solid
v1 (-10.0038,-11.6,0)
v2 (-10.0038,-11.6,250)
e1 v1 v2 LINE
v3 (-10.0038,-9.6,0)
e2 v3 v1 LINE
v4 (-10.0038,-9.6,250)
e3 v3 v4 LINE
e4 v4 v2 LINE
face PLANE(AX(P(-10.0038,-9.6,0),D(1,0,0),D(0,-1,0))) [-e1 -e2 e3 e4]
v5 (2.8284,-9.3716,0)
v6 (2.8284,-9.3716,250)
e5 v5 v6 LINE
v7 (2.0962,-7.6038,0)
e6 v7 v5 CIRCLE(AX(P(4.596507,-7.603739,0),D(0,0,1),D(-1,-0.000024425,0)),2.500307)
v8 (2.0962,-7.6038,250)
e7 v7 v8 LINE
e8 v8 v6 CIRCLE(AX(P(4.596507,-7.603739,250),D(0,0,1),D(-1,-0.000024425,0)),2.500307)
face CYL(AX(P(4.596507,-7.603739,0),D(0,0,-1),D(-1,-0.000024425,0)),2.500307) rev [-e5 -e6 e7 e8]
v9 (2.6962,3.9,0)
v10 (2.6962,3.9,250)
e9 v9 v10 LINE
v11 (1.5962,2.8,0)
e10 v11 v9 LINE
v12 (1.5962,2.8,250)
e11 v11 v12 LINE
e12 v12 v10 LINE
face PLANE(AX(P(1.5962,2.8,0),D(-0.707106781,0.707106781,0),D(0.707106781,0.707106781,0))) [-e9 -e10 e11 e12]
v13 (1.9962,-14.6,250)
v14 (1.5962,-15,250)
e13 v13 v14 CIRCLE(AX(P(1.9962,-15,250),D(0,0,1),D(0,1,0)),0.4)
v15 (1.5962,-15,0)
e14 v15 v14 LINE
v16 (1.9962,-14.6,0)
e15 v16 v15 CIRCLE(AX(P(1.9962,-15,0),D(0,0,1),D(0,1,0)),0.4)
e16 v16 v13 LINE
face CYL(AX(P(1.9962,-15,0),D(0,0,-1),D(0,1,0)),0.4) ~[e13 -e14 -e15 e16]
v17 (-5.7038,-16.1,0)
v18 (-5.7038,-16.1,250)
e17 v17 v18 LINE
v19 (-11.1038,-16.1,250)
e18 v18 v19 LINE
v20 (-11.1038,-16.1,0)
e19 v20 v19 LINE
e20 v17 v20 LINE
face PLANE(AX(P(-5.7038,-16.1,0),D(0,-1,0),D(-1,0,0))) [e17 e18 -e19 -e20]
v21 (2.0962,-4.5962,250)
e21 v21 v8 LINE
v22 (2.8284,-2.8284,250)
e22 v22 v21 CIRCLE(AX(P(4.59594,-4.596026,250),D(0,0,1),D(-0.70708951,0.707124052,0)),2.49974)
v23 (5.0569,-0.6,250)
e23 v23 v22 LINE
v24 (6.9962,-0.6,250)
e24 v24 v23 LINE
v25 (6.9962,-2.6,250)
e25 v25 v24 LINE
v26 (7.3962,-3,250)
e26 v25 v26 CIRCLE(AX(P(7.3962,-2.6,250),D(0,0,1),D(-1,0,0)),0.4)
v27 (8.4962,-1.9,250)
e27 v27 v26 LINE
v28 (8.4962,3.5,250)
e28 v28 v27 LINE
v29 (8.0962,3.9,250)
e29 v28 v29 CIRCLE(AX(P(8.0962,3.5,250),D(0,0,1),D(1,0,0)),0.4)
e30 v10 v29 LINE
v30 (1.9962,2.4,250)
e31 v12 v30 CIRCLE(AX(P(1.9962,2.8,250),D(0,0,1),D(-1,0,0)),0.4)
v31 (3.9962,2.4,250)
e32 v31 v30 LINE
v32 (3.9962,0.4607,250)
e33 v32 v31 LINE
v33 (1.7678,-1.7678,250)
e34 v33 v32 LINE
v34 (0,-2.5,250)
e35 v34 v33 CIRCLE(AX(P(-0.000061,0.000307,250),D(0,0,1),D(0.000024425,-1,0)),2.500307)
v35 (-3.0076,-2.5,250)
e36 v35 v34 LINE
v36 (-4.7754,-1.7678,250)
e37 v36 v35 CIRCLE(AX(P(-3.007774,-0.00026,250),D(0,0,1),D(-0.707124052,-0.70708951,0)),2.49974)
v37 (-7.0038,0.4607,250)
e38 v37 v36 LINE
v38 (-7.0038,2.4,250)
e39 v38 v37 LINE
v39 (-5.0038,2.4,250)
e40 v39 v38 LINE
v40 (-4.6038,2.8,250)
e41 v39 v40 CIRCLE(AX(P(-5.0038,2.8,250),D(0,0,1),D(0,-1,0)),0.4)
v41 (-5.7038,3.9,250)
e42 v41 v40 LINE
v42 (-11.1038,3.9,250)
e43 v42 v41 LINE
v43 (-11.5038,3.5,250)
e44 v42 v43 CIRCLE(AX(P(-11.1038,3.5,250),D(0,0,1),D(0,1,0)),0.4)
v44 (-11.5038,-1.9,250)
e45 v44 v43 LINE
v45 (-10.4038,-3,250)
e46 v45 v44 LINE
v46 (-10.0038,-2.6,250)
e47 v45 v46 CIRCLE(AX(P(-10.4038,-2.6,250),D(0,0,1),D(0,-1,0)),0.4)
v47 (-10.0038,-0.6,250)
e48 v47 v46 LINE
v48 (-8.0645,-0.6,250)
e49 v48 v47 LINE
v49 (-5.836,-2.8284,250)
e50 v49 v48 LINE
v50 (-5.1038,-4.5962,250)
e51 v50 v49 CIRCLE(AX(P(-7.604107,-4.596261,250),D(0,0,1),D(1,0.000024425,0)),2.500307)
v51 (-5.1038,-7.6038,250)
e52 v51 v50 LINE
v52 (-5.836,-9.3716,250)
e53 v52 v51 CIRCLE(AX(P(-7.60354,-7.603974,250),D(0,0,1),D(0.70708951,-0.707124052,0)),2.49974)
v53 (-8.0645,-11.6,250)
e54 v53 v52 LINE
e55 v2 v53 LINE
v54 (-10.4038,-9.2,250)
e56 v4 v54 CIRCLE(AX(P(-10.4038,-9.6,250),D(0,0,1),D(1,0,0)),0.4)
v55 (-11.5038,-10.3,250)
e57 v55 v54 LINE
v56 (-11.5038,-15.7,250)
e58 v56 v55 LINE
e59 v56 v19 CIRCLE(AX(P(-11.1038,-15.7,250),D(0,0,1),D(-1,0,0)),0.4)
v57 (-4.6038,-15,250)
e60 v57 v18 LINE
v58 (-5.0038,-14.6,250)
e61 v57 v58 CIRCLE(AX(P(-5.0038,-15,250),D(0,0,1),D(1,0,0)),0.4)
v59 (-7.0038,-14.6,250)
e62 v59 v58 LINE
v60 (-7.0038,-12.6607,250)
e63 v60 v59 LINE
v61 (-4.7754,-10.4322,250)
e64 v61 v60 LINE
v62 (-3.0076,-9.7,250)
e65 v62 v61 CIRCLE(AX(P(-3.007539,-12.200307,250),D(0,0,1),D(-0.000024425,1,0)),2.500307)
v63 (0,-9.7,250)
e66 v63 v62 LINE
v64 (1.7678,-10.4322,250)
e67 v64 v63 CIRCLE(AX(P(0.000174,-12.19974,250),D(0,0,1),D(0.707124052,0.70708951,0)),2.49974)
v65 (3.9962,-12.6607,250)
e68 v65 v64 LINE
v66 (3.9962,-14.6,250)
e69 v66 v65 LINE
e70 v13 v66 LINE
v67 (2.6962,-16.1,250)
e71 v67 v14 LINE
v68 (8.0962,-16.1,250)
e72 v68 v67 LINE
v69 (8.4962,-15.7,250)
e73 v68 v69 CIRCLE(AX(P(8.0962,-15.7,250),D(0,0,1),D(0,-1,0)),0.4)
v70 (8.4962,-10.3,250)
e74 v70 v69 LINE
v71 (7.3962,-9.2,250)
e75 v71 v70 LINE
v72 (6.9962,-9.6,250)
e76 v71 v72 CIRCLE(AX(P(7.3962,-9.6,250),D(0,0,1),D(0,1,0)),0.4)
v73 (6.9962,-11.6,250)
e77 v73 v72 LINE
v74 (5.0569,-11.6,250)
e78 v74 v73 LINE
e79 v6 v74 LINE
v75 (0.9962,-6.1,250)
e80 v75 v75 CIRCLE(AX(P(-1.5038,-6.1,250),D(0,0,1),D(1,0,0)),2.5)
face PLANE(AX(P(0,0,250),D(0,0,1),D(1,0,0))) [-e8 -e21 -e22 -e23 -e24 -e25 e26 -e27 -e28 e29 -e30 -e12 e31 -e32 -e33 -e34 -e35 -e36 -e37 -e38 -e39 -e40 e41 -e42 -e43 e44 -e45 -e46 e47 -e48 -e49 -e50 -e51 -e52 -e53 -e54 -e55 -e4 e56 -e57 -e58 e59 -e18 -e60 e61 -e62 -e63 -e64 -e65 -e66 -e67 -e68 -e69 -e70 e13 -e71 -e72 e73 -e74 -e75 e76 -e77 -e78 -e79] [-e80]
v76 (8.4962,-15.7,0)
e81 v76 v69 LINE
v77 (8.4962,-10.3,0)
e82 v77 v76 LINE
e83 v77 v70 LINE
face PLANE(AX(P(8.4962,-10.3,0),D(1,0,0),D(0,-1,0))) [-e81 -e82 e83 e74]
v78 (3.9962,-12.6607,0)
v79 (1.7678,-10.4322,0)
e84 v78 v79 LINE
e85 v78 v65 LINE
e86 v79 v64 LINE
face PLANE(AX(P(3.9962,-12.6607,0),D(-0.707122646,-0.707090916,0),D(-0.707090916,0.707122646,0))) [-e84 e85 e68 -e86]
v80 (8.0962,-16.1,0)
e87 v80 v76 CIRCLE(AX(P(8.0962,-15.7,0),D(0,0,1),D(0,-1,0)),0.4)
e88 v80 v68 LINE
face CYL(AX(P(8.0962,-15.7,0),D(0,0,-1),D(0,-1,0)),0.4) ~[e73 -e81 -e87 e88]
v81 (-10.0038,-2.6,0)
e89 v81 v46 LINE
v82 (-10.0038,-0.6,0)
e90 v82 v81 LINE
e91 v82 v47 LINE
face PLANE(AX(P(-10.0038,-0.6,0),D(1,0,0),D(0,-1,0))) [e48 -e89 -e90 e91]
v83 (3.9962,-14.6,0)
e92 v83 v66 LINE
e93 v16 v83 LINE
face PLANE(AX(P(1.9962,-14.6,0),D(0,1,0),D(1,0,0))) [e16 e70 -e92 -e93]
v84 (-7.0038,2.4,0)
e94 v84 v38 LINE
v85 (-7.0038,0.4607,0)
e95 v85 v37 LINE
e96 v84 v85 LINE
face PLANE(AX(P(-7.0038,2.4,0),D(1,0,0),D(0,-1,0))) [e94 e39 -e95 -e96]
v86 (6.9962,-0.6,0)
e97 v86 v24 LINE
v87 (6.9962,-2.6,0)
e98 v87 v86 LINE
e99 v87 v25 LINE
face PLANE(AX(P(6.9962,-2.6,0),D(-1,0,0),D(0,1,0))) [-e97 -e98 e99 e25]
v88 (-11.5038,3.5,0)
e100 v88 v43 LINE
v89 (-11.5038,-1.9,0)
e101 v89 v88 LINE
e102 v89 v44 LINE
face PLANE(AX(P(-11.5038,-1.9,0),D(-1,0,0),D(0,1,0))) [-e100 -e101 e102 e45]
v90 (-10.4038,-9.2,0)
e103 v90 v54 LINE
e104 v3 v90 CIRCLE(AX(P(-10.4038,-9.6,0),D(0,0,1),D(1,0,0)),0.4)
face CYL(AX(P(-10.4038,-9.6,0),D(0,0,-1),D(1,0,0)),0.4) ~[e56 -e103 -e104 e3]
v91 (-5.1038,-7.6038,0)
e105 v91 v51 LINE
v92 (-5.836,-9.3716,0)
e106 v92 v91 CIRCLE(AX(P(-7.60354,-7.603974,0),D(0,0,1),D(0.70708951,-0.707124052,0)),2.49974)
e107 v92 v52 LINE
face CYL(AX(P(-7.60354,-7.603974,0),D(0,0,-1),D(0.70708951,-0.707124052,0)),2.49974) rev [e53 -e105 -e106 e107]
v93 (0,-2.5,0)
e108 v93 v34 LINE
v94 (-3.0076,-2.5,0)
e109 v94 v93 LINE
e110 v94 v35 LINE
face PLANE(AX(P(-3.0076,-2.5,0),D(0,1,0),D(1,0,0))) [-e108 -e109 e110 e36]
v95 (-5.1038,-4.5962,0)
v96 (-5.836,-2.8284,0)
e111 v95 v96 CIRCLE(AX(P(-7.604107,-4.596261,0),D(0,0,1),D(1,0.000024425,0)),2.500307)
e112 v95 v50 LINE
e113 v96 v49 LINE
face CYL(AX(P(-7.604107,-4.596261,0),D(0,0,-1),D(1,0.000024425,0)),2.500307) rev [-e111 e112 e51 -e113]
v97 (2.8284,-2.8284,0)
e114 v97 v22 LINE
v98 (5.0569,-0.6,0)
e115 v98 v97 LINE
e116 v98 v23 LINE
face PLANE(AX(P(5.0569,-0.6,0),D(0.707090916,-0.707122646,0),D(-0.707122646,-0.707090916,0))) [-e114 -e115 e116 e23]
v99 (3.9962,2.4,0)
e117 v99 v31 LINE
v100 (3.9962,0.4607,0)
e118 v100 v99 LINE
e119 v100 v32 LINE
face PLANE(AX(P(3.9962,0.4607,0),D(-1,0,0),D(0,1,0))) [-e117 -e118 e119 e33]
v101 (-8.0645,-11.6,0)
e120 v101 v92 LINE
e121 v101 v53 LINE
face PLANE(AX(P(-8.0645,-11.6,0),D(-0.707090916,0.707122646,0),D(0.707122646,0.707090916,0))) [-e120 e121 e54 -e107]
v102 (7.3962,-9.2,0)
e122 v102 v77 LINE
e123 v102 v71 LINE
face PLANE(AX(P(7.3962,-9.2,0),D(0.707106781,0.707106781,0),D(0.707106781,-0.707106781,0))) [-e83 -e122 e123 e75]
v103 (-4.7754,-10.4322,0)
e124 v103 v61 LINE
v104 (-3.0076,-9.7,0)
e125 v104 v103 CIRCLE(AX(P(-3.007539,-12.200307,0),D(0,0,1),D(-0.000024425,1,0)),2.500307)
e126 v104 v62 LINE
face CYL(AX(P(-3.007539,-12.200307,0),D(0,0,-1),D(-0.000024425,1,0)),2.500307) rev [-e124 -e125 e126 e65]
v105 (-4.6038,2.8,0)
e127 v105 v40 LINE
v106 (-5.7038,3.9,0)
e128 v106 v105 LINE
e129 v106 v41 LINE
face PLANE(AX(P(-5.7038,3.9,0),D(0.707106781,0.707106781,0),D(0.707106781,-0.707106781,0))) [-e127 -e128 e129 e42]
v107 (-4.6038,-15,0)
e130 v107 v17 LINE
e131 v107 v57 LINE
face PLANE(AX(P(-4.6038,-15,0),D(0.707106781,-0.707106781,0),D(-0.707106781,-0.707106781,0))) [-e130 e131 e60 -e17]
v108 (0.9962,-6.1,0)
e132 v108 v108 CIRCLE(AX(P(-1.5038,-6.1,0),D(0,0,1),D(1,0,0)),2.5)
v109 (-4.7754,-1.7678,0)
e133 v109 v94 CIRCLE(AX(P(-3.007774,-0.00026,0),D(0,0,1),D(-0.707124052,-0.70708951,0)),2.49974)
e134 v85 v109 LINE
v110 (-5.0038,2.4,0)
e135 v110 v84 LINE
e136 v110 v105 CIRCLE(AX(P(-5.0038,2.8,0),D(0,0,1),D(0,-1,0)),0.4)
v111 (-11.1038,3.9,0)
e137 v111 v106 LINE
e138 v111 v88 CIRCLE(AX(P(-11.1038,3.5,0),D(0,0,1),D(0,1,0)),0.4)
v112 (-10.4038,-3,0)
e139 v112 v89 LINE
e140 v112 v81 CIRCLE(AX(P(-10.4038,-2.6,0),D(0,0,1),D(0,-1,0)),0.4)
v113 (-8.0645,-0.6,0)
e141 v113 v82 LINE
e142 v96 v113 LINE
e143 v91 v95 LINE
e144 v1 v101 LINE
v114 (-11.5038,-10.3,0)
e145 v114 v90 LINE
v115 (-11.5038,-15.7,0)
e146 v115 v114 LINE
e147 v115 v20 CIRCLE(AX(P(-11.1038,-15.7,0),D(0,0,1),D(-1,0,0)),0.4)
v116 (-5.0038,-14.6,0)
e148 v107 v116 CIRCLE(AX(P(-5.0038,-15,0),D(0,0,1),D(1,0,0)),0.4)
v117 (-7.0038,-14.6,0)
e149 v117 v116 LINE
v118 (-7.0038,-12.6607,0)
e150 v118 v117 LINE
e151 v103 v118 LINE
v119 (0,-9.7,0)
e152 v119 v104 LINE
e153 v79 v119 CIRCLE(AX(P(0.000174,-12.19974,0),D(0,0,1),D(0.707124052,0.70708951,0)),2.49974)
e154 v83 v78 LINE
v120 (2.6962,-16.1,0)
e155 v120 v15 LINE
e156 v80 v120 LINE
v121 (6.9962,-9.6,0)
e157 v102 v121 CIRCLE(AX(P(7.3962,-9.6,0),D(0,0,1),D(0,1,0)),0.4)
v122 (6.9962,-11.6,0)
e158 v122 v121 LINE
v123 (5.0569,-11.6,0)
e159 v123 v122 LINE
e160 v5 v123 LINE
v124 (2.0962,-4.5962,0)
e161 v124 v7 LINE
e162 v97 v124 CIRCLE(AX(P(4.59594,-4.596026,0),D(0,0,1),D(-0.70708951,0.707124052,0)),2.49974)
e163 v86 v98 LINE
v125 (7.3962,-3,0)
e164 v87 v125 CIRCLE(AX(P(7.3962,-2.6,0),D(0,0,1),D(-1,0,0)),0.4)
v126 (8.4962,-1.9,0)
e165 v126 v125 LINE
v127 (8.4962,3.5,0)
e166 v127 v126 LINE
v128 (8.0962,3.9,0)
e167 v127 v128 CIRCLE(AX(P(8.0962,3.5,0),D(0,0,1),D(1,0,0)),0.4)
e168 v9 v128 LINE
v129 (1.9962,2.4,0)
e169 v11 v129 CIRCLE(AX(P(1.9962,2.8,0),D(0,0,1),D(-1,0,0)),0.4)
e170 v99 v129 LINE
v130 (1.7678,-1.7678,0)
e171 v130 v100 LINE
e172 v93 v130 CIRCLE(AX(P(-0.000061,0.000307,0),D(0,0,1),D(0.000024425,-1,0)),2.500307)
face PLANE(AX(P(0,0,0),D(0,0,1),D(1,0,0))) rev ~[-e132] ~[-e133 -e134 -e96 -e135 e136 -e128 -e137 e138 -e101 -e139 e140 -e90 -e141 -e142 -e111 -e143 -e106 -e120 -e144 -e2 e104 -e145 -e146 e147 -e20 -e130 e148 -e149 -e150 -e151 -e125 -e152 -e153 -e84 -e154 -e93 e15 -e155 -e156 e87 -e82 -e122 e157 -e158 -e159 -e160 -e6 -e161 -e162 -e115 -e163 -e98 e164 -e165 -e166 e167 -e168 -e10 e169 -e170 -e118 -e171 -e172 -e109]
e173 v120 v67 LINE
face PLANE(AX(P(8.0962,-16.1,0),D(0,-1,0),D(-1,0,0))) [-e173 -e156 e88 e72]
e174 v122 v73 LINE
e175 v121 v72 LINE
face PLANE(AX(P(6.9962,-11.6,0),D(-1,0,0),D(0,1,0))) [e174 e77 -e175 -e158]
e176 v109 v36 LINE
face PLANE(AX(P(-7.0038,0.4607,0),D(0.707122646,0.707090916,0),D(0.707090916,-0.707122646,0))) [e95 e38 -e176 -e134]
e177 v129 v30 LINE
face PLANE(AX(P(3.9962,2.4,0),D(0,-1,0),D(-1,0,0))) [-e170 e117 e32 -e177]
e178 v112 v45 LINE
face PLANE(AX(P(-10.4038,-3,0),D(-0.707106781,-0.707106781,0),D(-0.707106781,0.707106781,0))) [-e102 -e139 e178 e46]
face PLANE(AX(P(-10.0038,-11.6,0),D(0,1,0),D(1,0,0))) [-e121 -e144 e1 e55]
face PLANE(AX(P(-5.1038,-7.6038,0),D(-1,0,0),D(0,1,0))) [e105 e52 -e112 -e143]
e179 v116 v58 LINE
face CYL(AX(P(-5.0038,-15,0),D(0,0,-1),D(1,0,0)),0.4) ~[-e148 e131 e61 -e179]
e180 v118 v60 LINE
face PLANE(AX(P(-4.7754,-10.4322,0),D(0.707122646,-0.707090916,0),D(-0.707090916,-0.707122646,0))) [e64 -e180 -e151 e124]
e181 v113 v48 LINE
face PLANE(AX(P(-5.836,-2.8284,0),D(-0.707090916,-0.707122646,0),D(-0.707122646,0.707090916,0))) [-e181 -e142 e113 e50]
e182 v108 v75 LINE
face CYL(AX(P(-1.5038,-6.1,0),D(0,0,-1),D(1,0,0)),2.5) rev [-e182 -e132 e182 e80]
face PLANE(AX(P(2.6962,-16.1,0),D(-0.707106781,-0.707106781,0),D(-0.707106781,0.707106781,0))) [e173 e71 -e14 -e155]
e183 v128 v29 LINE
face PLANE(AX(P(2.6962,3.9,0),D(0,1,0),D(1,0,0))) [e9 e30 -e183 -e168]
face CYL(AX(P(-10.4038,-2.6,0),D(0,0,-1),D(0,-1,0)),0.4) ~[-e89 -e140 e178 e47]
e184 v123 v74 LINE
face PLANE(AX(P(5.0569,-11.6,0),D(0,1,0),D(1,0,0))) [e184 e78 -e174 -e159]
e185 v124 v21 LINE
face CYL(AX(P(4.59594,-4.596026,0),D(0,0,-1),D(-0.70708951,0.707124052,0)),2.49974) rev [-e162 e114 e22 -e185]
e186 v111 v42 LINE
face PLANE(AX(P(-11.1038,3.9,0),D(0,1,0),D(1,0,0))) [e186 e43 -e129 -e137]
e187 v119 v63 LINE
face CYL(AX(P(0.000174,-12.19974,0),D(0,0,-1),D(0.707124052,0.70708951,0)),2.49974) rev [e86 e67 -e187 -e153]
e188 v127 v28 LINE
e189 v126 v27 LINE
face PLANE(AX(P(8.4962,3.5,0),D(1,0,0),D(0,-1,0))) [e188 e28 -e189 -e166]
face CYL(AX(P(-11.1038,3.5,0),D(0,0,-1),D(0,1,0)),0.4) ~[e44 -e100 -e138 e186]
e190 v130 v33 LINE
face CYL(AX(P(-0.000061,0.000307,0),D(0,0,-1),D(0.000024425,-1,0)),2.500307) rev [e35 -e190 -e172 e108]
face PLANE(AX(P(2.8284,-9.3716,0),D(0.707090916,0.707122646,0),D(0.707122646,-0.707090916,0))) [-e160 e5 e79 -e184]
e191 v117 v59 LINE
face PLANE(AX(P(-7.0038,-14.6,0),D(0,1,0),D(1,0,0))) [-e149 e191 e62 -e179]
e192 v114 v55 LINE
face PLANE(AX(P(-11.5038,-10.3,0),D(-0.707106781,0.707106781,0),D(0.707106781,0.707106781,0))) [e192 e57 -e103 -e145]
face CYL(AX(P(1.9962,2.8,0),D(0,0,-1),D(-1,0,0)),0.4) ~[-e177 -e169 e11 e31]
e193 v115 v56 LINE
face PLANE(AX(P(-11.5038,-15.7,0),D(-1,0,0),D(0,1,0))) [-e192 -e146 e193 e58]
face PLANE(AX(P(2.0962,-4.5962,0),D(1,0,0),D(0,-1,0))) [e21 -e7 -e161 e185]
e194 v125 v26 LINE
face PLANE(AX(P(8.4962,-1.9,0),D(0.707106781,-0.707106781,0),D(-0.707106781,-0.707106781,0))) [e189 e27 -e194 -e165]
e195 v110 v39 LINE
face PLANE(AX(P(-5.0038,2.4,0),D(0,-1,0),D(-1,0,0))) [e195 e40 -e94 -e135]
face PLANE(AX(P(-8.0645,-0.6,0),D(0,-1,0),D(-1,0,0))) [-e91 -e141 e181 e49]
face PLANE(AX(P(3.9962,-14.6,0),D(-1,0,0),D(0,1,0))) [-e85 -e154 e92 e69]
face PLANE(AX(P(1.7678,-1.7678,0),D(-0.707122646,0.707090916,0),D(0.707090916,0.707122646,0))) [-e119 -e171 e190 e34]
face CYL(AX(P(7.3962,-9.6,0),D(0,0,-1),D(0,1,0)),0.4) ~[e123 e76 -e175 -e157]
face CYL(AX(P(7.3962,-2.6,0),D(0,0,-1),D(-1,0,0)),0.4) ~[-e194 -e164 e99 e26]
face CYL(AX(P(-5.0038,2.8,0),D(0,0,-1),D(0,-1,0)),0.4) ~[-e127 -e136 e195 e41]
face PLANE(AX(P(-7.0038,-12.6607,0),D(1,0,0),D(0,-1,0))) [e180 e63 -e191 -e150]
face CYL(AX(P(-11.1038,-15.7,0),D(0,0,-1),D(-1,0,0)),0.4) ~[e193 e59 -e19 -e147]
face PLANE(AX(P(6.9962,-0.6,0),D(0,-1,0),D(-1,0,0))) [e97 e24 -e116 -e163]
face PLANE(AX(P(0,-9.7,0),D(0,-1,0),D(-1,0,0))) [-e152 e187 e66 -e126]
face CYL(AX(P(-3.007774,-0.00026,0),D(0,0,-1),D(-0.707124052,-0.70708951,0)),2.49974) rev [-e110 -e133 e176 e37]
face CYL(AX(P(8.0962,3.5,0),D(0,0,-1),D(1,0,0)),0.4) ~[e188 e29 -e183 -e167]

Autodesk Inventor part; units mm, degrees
ref_plane "YZ Plane" through (0, 0, 0) normal (1, 0, 0) x (0, 1, 0)
ref_plane "XZ Plane" through (0, 0, 0) normal (0, 1, 0) x (-1, 0, 0)
ref_plane "XY Plane" through (0, 0, 0) normal (0, 0, 1) x (1, 0, 0)
sketch "Sketch1" plane through (0, 0, 0) normal (0, 0, 1) x (1, 0, 0)
  line L0 (1.7678, -1.7678) -> (3.9962, 0.4607) projected
  arc A0 (0, -2.5) -> (1.7678, -1.7678) centre (0, 0) ccw projected
  line L1 (-3.0076, -2.5) -> (0, -2.5) projected
  arc A1 (-4.7754, -1.7678) -> (-3.0076, -2.5) centre (-3.0076, 0) ccw projected
  line L2 (-7.0038, 0.4607) -> (-4.7754, -1.7678) projected
  line L3 (-7.0038, 2.4) -> (-7.0038, 0.4607) projected
  line L4 (-5.0038, 2.4) -> (-7.0038, 2.4) projected
  arc A2 (-5.0038, 2.4) -> (-4.6038, 2.8) centre (-5.0038, 2.8) ccw projected
  line L5 (-5.7038, 3.9) -> (-4.6038, 2.8) projected
  line L6 (-11.1038, 3.9) -> (-5.7038, 3.9) projected
  arc A3 (-11.1038, 3.9) -> (-11.5038, 3.5) centre (-11.1038, 3.5) ccw projected
  line L7 (-11.5038, -1.9) -> (-11.5038, 3.5) projected
  line L8 (-10.4038, -3) -> (-11.5038, -1.9) projected
  arc A4 (-10.4038, -3) -> (-10.0038, -2.6) centre (-10.4038, -2.6) ccw projected
  line L9 (-10.0038, -0.6) -> (-10.0038, -2.6) projected
  line L10 (-8.0645, -0.6) -> (-10.0038, -0.6) projected
  line L11 (-5.836, -2.8284) -> (-8.0645, -0.6) projected
  arc A5 (-5.1038, -4.5962) -> (-5.836, -2.8284) centre (-7.6038, -4.5962) ccw projected
  line L12 (-5.1038, -7.6038) -> (-5.1038, -4.5962) projected
  arc A6 (-5.836, -9.3716) -> (-5.1038, -7.6038) centre (-7.6038, -7.6038) ccw projected
  line L13 (-8.0645, -11.6) -> (-5.836, -9.3716) projected
  line L14 (-10.0038, -11.6) -> (-8.0645, -11.6) projected
  line L15 (-10.0038, -9.6) -> (-10.0038, -11.6) projected
  arc A7 (-10.0038, -9.6) -> (-10.4038, -9.2) centre (-10.4038, -9.6) ccw projected
  line L16 (-11.5038, -10.3) -> (-10.4038, -9.2) projected
  line L17 (-11.5038, -15.7) -> (-11.5038, -10.3) projected
  arc A8 (-11.5038, -15.7) -> (-11.1038, -16.1) centre (-11.1038, -15.7) ccw projected
  line L18 (-5.7038, -16.1) -> (-11.1038, -16.1) projected
  line L19 (-4.6038, -15) -> (-5.7038, -16.1) projected
  arc A9 (-4.6038, -15) -> (-5.0038, -14.6) centre (-5.0038, -15) ccw projected
  line L20 (-7.0038, -14.6) -> (-5.0038, -14.6) projected
  line L21 (-7.0038, -12.6607) -> (-7.0038, -14.6) projected
  line L22 (-4.7754, -10.4322) -> (-7.0038, -12.6607) projected
  arc A10 (-3.0076, -9.7) -> (-4.7754, -10.4322) centre (-3.0076, -12.2) ccw projected
  line L23 (0, -9.7) -> (-3.0076, -9.7) projected
  arc A11 (1.7678, -10.4322) -> (0, -9.7) centre (0, -12.2) ccw projected
  line L24 (3.9962, -12.6607) -> (1.7678, -10.4322) projected
  line L25 (3.9962, -14.6) -> (3.9962, -12.6607) projected
  line L26 (1.9962, -14.6) -> (3.9962, -14.6) projected
  arc A12 (1.9962, -14.6) -> (1.5962, -15) centre (1.9962, -15) ccw projected
  line L27 (2.6962, -16.1) -> (1.5962, -15) projected
  line L28 (8.0962, -16.1) -> (2.6962, -16.1) projected
  arc A13 (8.0962, -16.1) -> (8.4962, -15.7) centre (8.0962, -15.7) ccw projected
  line L29 (8.4962, -10.3) -> (8.4962, -15.7) projected
  line L30 (7.3962, -9.2) -> (8.4962, -10.3) projected
  arc A14 (7.3962, -9.2) -> (6.9962, -9.6) centre (7.3962, -9.6) ccw projected
  line L31 (6.9962, -11.6) -> (6.9962, -9.6) projected
  line L32 (5.0569, -11.6) -> (6.9962, -11.6) projected
  line L33 (2.8284, -9.3716) -> (5.0569, -11.6) projected
  arc A15 (2.0962, -7.6038) -> (2.8284, -9.3716) centre (4.5962, -7.6038) ccw projected
  line L34 (2.0962, -4.5962) -> (2.0962, -7.6038) projected
  arc A16 (2.8284, -2.8284) -> (2.0962, -4.5962) centre (4.5962, -4.5962) ccw projected
  line L35 (5.0569, -0.6) -> (2.8284, -2.8284) projected
  line L36 (6.9962, -0.6) -> (5.0569, -0.6) projected
  line L37 (6.9962, -2.6) -> (6.9962, -0.6) projected
  arc A17 (6.9962, -2.6) -> (7.3962, -3) centre (7.3962, -2.6) ccw projected
  line L38 (8.4962, -1.9) -> (7.3962, -3) projected
  line L39 (8.4962, 3.5) -> (8.4962, -1.9) projected
  arc A18 (8.4962, 3.5) -> (8.0962, 3.9) centre (8.0962, 3.5) ccw projected
  line L40 (2.6962, 3.9) -> (8.0962, 3.9) projected
  line L41 (1.5962, 2.8) -> (2.6962, 3.9) projected
  arc A19 (1.5962, 2.8) -> (1.9962, 2.4) centre (1.9962, 2.8) ccw projected
  line L42 (3.9962, 2.4) -> (1.9962, 2.4) projected
  line L43 (3.9962, 0.4607) -> (3.9962, 2.4) projected
  circle A20 centre (-1.5038, -6.1) radius 2.5 projected
  point P0 (0, 0)
extrude "Extrusion1" add sketch "Sketch1" along normal blind 250
ref_plane "Work Plane1" through (-1.5038, -15.7, 0) normal (-1, 0, 0) x (0, 0, 1)
properties part number "00_VSlot_20mm_200"
